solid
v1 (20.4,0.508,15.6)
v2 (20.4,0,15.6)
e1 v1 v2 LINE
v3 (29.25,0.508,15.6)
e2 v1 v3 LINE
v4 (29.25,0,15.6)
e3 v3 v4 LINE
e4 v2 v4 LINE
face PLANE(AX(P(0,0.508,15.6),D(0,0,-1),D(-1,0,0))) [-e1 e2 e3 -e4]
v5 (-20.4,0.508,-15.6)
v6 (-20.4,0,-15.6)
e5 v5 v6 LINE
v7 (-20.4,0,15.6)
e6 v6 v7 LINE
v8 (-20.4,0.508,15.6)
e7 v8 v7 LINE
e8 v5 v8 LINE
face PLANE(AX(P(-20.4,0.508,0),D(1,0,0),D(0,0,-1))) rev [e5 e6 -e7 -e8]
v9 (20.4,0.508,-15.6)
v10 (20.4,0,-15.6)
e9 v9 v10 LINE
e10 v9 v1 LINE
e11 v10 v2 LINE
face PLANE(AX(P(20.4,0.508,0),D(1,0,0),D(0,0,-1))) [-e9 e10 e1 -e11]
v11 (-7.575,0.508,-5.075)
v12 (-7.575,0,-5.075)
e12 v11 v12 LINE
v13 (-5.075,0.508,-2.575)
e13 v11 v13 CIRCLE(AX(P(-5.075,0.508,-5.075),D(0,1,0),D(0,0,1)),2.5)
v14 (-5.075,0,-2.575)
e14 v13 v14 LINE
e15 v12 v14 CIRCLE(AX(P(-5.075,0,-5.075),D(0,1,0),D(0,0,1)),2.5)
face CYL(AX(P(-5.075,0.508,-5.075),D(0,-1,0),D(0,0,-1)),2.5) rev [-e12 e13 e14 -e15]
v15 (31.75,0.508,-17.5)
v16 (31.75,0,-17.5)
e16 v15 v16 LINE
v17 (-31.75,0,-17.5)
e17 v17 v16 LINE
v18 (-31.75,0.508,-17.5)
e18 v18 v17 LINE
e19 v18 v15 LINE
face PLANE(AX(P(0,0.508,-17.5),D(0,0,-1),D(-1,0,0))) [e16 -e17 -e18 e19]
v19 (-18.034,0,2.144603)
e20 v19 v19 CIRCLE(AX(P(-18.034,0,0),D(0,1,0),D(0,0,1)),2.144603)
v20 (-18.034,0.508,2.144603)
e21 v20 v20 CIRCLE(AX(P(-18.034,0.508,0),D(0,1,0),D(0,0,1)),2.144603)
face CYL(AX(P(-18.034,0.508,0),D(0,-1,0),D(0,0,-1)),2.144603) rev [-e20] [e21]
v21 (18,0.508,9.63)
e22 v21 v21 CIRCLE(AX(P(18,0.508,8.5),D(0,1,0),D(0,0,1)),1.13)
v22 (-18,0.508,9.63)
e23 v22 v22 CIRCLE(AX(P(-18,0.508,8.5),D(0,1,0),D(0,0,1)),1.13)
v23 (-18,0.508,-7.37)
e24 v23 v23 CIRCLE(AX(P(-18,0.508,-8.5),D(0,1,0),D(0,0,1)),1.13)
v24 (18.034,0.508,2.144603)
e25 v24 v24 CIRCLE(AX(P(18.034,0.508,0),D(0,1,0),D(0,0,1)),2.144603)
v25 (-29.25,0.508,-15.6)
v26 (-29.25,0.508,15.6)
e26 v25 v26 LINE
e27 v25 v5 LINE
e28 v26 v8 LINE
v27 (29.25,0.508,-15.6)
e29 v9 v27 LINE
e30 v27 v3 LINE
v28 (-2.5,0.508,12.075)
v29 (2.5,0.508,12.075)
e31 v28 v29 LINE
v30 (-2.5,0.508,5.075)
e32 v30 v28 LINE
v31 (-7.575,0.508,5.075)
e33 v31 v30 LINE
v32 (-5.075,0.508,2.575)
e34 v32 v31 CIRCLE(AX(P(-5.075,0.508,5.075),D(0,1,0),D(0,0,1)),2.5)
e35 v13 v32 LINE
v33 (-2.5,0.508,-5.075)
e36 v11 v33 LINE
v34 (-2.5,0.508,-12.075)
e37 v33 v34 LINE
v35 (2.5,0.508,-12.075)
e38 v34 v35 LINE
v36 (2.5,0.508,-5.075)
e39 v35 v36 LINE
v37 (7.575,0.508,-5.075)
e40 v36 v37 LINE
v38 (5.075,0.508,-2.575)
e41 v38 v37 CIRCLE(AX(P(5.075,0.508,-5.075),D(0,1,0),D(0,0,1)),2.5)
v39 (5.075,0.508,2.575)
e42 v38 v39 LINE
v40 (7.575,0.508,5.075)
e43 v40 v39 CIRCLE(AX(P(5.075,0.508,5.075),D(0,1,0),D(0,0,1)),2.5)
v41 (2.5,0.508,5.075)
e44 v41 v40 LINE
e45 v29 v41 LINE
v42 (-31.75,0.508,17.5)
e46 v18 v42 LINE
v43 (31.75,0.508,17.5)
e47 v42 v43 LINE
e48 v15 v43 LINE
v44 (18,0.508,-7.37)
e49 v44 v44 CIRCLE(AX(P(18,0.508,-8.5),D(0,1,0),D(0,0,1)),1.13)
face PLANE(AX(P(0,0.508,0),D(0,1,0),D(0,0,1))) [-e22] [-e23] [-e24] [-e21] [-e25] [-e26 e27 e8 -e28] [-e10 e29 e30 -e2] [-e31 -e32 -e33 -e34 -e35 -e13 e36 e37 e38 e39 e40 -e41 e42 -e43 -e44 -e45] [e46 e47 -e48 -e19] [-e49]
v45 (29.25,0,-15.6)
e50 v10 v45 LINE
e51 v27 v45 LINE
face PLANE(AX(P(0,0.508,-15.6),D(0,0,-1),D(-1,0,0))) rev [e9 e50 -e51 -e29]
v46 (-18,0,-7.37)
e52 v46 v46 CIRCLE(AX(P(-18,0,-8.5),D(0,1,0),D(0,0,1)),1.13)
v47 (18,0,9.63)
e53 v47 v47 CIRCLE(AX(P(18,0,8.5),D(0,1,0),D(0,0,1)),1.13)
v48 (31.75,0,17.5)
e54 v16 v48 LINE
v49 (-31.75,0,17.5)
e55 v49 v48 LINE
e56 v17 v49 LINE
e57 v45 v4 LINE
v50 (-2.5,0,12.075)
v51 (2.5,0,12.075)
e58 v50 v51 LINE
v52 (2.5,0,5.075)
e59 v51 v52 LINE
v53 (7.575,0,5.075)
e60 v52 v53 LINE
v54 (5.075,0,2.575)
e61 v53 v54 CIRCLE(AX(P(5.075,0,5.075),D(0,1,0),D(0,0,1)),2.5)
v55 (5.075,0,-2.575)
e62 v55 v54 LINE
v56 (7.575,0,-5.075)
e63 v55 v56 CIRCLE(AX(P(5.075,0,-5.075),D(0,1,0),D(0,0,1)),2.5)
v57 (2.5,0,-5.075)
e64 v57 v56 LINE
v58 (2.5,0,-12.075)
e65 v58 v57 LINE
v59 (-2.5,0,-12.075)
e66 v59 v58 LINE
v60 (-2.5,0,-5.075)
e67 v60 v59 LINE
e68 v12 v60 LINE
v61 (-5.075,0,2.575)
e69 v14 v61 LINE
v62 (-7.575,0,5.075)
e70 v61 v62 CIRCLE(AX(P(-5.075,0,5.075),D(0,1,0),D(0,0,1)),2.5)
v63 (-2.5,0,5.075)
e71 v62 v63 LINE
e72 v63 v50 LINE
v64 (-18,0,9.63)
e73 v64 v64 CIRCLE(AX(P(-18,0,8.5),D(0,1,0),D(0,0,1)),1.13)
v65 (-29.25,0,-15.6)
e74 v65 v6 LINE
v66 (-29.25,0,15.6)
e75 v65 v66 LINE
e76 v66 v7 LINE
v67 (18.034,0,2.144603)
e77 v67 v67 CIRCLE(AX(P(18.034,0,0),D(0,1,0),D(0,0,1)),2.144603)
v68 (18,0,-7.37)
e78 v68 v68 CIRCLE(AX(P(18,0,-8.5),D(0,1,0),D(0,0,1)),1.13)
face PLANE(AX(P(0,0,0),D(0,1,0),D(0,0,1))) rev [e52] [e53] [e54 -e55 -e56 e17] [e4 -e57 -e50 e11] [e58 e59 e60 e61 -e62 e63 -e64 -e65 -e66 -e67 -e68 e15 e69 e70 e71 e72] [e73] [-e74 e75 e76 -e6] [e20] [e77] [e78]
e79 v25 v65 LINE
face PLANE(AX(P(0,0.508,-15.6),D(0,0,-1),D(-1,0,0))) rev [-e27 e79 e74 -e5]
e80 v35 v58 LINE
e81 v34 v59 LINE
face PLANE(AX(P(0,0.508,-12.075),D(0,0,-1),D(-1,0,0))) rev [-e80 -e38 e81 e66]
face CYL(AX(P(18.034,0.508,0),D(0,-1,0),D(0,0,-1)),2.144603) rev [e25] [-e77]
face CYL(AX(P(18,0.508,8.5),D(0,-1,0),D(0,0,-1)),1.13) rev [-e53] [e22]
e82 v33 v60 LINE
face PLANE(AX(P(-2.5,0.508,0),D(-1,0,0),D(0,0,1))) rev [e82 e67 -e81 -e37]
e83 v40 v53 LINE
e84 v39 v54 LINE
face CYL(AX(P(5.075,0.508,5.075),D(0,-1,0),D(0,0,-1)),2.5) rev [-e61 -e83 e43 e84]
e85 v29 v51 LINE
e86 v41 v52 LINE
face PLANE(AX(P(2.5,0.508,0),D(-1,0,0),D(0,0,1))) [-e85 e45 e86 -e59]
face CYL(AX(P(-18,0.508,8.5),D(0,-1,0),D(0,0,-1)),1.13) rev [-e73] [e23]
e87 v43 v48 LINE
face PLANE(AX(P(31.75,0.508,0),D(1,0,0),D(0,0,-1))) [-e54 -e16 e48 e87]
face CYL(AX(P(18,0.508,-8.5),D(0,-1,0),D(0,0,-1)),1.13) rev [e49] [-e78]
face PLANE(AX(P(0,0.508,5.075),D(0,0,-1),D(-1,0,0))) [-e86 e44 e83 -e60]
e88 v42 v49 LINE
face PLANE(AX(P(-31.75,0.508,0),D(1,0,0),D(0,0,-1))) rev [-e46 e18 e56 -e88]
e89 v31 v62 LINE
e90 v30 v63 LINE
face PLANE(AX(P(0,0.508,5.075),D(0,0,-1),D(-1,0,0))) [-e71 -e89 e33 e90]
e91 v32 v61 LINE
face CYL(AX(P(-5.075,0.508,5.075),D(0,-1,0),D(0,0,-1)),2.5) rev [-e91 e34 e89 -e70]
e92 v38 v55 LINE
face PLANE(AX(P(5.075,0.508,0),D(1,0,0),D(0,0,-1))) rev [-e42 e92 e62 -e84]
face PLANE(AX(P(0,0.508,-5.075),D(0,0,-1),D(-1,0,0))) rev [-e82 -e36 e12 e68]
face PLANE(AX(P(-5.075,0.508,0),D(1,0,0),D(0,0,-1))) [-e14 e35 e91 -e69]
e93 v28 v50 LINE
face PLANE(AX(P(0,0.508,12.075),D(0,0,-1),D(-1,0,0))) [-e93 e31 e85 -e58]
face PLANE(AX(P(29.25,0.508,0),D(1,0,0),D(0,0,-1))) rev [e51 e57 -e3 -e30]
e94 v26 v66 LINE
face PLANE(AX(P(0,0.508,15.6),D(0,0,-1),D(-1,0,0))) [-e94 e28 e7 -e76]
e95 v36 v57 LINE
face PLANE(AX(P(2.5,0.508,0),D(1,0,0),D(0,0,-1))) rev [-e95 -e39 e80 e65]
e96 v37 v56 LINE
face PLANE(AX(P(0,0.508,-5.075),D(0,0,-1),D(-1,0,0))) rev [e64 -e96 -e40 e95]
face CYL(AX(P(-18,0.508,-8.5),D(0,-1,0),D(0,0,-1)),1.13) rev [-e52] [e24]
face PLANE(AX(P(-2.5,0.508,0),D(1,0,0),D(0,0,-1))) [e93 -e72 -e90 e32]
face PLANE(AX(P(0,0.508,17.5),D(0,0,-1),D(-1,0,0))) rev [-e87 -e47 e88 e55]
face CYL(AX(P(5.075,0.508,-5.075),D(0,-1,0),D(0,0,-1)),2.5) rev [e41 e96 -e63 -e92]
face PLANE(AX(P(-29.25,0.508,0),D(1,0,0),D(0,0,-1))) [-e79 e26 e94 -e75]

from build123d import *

# Parameters (mm, degrees)
SKETCH1_W           = 63.5
SKETCH1_H           = 35
SKETCH1_R           = 1.13
SKETCH1_W_2         = 8.85
SKETCH1_H_2         = 31.2
SKETCH1_R_2         = 2.144603346
BOSS_EXTRUDE1_DEPTH = 0.508


with BuildPart() as part:
    # Sketch1 → Boss-Extrude1 (new body)
    with BuildSketch(Plane(origin=(0, 0, 0), x_dir=(1, 0, 0), z_dir=(0, 1, 0))):
        Rectangle(SKETCH1_W, SKETCH1_H)
        with BuildLine():
            Line((-2.5, 5.075), (-2.5, 12.075))
            Line((-2.5, 12.075), (2.5, 12.075))
            Line((2.5, 12.075), (2.5, 5.075))
            Line((2.5, 5.075), (7.575, 5.075))
            ThreePointArc((7.575, 5.075), (6.842766953, 3.307233047), (5.075, 2.575))
            Line((5.075, 2.575), (5.075, -2.575))
            ThreePointArc((5.075, -2.575), (6.842766953, -3.307233047), (7.575, -5.075))
            Line((7.575, -5.075), (2.5, -5.075))
            Line((2.5, -5.075), (2.5, -12.075))
            Line((2.5, -12.075), (-2.5, -12.075))
            Line((-2.5, -12.075), (-2.5, -5.075))
            Line((-2.5, -5.075), (-7.575, -5.075))
            ThreePointArc((-7.575, -5.075), (-6.842766953, -3.307233047), (-5.075, -2.575))
            Line((-5.075, -2.575), (-5.075, 2.575))
            ThreePointArc((-5.075, 2.575), (-6.842766953, 3.307233047), (-7.575, 5.075))
            Line((-7.575, 5.075), (-2.5, 5.075))
        make_face(mode=Mode.SUBTRACT)
        with Locations(Location((-18, -8.5, 0), (0, 0, 270))):
            Circle(SKETCH1_R, mode=Mode.SUBTRACT)
        with Locations(Location((18, -8.5, 0), (0, 0, 270))):
            Circle(SKETCH1_R, mode=Mode.SUBTRACT)
        with Locations((-24.825, 0)):
            Rectangle(SKETCH1_W_2, SKETCH1_H_2, mode=Mode.SUBTRACT)
        with Locations(Location((-18.034, 0, 0), (0, 0, 270))):
            Circle(SKETCH1_R_2, mode=Mode.SUBTRACT)
        with Locations(Location((-18, 8.5, 0), (0, 0, 270))):
            Circle(SKETCH1_R, mode=Mode.SUBTRACT)
        with Locations(Location((18, 8.5, 0), (0, 0, 270))):
            Circle(SKETCH1_R, mode=Mode.SUBTRACT)
        with Locations((24.825, 0)):
            Rectangle(SKETCH1_W_2, SKETCH1_H_2, mode=Mode.SUBTRACT)
        with Locations(Location((18.034, 0, 0), (0, 0, 270))):
            Circle(SKETCH1_R_2, mode=Mode.SUBTRACT)
    extrude(amount=BOSS_EXTRUDE1_DEPTH)


solid = part.part
